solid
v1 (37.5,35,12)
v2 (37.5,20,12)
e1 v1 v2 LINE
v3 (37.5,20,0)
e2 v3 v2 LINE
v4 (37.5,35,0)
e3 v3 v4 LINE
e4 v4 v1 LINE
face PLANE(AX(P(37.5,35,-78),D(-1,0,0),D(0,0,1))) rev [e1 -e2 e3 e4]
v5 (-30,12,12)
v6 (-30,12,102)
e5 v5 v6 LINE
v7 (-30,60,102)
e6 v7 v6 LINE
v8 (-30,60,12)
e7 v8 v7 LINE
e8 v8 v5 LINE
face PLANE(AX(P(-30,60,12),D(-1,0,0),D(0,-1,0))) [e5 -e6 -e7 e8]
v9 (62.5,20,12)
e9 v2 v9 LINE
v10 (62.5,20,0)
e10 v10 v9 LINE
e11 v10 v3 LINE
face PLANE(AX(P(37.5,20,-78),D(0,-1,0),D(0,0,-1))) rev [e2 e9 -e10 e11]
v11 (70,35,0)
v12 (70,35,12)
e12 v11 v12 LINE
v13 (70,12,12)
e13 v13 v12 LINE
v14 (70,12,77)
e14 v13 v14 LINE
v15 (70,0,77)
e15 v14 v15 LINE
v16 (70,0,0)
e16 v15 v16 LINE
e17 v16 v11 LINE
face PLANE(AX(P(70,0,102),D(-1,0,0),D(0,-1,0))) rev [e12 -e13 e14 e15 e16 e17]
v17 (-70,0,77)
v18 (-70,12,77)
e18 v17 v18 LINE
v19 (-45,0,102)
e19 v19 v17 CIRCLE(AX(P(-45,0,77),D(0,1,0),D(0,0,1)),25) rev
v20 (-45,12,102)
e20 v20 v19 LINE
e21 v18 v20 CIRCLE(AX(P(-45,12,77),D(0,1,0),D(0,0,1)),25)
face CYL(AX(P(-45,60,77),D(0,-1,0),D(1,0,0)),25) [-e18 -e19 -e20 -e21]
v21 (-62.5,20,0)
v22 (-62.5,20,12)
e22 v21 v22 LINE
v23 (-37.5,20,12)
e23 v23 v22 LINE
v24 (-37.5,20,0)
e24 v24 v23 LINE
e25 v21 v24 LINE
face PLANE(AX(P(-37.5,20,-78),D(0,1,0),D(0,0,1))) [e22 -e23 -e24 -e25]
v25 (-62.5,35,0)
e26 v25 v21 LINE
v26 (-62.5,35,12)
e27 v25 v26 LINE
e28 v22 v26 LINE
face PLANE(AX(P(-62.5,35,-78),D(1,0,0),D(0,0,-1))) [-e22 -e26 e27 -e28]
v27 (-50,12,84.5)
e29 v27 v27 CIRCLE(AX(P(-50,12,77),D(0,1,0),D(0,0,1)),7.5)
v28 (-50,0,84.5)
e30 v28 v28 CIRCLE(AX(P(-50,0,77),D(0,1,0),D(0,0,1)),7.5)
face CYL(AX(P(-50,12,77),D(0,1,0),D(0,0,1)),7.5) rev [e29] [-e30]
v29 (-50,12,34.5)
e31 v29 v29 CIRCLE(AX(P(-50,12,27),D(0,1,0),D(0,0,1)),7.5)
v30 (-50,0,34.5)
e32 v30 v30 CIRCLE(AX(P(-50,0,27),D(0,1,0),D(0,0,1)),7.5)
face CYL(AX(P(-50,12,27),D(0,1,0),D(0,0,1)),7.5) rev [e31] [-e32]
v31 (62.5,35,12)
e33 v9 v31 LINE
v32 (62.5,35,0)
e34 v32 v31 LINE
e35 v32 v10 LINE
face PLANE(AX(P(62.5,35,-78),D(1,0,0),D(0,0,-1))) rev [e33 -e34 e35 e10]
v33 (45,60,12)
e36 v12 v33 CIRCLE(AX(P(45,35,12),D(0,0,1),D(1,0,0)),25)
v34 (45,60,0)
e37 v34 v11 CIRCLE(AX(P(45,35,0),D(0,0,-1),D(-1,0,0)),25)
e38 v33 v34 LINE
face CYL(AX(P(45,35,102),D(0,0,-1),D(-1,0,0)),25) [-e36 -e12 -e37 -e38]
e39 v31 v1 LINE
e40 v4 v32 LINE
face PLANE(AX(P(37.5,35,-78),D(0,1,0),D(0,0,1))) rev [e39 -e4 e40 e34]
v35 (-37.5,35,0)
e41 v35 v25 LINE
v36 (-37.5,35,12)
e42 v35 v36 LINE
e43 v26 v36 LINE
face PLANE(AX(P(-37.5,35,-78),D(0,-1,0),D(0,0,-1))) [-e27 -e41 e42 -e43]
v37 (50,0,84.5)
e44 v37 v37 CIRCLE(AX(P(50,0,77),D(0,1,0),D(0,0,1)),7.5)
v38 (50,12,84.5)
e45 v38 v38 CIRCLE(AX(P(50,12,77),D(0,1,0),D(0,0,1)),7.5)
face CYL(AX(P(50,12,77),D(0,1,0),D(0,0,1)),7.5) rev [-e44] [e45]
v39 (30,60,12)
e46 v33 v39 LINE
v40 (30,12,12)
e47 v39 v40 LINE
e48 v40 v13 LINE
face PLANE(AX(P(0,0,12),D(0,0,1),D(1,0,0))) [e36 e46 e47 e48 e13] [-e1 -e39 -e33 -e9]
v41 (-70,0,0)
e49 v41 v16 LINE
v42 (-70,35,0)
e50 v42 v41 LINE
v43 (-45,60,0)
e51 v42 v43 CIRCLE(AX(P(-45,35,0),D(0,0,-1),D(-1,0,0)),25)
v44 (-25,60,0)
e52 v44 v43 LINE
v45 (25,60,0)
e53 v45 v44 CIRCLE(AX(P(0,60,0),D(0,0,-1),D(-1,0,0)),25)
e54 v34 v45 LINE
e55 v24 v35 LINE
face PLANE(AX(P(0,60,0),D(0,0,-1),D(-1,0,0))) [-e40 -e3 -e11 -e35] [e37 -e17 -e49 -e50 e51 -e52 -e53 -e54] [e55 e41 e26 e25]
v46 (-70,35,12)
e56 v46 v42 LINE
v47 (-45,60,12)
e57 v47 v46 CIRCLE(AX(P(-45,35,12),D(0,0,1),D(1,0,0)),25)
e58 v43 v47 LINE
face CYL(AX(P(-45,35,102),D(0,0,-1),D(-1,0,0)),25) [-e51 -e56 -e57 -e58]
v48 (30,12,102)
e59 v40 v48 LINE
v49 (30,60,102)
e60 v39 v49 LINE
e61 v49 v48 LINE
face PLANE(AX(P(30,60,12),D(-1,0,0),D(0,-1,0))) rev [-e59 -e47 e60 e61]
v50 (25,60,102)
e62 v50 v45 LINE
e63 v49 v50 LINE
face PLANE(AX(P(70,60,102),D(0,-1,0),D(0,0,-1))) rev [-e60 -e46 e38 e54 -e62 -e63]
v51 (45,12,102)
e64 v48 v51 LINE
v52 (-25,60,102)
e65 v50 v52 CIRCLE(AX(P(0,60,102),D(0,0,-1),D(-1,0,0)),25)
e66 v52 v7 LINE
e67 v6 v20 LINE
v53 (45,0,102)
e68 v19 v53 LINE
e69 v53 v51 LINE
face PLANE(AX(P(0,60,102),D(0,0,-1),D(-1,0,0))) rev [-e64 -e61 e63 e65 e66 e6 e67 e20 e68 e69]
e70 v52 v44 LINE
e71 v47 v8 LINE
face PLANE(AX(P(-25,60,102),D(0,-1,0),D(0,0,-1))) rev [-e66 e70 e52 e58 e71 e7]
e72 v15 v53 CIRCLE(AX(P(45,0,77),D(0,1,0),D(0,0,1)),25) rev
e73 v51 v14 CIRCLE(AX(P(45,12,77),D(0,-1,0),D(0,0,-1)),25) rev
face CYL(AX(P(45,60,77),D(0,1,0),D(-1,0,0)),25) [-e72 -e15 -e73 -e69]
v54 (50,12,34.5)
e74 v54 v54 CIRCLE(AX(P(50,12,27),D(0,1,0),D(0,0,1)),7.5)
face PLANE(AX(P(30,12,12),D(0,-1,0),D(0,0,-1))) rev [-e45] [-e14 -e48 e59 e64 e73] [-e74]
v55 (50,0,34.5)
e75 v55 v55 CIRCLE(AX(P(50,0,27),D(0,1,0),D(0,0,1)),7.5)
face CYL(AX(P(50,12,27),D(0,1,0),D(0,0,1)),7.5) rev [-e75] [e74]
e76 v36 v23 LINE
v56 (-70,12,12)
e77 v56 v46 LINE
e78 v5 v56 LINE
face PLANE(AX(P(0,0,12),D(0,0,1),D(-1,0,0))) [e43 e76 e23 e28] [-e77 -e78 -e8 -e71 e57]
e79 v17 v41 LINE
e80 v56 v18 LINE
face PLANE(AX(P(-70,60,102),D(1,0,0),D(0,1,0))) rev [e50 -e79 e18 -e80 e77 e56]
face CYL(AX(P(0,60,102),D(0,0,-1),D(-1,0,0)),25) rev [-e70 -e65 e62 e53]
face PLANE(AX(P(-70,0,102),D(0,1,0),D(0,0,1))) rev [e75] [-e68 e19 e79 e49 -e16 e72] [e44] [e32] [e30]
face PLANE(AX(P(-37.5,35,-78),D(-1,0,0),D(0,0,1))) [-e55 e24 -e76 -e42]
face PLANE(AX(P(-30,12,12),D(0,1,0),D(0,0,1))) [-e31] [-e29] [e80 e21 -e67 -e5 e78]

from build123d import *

# Parameters (mm, degrees)
BOSS_EXTRUDE1_DEPTH = 102
SKETCH2_W           = 40
SKETCH2_H           = 48
CUT_EXTRUDE1_DEPTH  = 90
FILLET1_R           = 25
FILLET2_R           = 25
SKETCH3_W           = 25
SKETCH3_H           = 15
CUT_EXTRUDE2_DEPTH  = 90
HOLE1_D             = 15


with BuildPart() as part:
    # Sketch1 → Boss-Extrude1 (new body)
    with BuildSketch(Plane.XY):
        with BuildLine():
            Line((-70, 0), (70, 0))
            Line((70, 0), (70, 60))
            Line((70, 60), (25, 60))
            ThreePointArc((25, 60), (0, 35), (-25, 60))
            Line((-25, 60), (-70, 60))
            Line((-70, 60), (-70, 0))
        make_face()
    extrude(amount=BOSS_EXTRUDE1_DEPTH)

    # Sketch2 → Cut-Extrude1 (cut)
    with BuildSketch(Plane.XY.offset(102)):
        with Locations((50, 36)):
            Rectangle(SKETCH2_W, SKETCH2_H)
    cut_extrude1 = extrude(amount=-CUT_EXTRUDE1_DEPTH, mode=Mode.SUBTRACT)

    # Mirror1: Cut-Extrude1 across plane
    add(cut_extrude1.mirror(Plane(origin=(0, 0, 0), x_dir=(0, 0, 1), z_dir=(1, 0, 0))), mode=Mode.SUBTRACT)

    # Fillet1
    fillet1_edges = [part.edges().sort_by_distance(p)[0] for p in [
        (70, 60, 6),
        (-70, 60, 6),
    ]]
    fillet(fillet1_edges, radius=FILLET1_R)

    # Fillet2
    fillet2_edges = [part.edges().sort_by_distance(p)[0] for p in [
        (70, 6, 102),
        (-70, 6, 102),
    ]]
    fillet(fillet2_edges, radius=FILLET2_R)

    # Sketch3 → Cut-Extrude2 (cut)
    with BuildSketch(Plane.XY.offset(12)):
        with Locations((50, 27.5)):
            Rectangle(SKETCH3_W, SKETCH3_H)
    cut_extrude2 = extrude(amount=-CUT_EXTRUDE2_DEPTH, mode=Mode.SUBTRACT)

    # Mirror2: Cut-Extrude2 across plane
    add(cut_extrude2.mirror(Plane(origin=(0, 0, 0), x_dir=(0, 0, 1), z_dir=(1, 0, 0))), mode=Mode.SUBTRACT)

    # Hole1 (through all)
    with Locations(Plane(origin=(0, 12, 0), x_dir=(1, 0, 0), z_dir=(0, 1, 0))):
        with Locations((50, -77), (50, -27), (-50, -27), (-50, -77)):
            Hole(HOLE1_D / 2)


solid = part.part
